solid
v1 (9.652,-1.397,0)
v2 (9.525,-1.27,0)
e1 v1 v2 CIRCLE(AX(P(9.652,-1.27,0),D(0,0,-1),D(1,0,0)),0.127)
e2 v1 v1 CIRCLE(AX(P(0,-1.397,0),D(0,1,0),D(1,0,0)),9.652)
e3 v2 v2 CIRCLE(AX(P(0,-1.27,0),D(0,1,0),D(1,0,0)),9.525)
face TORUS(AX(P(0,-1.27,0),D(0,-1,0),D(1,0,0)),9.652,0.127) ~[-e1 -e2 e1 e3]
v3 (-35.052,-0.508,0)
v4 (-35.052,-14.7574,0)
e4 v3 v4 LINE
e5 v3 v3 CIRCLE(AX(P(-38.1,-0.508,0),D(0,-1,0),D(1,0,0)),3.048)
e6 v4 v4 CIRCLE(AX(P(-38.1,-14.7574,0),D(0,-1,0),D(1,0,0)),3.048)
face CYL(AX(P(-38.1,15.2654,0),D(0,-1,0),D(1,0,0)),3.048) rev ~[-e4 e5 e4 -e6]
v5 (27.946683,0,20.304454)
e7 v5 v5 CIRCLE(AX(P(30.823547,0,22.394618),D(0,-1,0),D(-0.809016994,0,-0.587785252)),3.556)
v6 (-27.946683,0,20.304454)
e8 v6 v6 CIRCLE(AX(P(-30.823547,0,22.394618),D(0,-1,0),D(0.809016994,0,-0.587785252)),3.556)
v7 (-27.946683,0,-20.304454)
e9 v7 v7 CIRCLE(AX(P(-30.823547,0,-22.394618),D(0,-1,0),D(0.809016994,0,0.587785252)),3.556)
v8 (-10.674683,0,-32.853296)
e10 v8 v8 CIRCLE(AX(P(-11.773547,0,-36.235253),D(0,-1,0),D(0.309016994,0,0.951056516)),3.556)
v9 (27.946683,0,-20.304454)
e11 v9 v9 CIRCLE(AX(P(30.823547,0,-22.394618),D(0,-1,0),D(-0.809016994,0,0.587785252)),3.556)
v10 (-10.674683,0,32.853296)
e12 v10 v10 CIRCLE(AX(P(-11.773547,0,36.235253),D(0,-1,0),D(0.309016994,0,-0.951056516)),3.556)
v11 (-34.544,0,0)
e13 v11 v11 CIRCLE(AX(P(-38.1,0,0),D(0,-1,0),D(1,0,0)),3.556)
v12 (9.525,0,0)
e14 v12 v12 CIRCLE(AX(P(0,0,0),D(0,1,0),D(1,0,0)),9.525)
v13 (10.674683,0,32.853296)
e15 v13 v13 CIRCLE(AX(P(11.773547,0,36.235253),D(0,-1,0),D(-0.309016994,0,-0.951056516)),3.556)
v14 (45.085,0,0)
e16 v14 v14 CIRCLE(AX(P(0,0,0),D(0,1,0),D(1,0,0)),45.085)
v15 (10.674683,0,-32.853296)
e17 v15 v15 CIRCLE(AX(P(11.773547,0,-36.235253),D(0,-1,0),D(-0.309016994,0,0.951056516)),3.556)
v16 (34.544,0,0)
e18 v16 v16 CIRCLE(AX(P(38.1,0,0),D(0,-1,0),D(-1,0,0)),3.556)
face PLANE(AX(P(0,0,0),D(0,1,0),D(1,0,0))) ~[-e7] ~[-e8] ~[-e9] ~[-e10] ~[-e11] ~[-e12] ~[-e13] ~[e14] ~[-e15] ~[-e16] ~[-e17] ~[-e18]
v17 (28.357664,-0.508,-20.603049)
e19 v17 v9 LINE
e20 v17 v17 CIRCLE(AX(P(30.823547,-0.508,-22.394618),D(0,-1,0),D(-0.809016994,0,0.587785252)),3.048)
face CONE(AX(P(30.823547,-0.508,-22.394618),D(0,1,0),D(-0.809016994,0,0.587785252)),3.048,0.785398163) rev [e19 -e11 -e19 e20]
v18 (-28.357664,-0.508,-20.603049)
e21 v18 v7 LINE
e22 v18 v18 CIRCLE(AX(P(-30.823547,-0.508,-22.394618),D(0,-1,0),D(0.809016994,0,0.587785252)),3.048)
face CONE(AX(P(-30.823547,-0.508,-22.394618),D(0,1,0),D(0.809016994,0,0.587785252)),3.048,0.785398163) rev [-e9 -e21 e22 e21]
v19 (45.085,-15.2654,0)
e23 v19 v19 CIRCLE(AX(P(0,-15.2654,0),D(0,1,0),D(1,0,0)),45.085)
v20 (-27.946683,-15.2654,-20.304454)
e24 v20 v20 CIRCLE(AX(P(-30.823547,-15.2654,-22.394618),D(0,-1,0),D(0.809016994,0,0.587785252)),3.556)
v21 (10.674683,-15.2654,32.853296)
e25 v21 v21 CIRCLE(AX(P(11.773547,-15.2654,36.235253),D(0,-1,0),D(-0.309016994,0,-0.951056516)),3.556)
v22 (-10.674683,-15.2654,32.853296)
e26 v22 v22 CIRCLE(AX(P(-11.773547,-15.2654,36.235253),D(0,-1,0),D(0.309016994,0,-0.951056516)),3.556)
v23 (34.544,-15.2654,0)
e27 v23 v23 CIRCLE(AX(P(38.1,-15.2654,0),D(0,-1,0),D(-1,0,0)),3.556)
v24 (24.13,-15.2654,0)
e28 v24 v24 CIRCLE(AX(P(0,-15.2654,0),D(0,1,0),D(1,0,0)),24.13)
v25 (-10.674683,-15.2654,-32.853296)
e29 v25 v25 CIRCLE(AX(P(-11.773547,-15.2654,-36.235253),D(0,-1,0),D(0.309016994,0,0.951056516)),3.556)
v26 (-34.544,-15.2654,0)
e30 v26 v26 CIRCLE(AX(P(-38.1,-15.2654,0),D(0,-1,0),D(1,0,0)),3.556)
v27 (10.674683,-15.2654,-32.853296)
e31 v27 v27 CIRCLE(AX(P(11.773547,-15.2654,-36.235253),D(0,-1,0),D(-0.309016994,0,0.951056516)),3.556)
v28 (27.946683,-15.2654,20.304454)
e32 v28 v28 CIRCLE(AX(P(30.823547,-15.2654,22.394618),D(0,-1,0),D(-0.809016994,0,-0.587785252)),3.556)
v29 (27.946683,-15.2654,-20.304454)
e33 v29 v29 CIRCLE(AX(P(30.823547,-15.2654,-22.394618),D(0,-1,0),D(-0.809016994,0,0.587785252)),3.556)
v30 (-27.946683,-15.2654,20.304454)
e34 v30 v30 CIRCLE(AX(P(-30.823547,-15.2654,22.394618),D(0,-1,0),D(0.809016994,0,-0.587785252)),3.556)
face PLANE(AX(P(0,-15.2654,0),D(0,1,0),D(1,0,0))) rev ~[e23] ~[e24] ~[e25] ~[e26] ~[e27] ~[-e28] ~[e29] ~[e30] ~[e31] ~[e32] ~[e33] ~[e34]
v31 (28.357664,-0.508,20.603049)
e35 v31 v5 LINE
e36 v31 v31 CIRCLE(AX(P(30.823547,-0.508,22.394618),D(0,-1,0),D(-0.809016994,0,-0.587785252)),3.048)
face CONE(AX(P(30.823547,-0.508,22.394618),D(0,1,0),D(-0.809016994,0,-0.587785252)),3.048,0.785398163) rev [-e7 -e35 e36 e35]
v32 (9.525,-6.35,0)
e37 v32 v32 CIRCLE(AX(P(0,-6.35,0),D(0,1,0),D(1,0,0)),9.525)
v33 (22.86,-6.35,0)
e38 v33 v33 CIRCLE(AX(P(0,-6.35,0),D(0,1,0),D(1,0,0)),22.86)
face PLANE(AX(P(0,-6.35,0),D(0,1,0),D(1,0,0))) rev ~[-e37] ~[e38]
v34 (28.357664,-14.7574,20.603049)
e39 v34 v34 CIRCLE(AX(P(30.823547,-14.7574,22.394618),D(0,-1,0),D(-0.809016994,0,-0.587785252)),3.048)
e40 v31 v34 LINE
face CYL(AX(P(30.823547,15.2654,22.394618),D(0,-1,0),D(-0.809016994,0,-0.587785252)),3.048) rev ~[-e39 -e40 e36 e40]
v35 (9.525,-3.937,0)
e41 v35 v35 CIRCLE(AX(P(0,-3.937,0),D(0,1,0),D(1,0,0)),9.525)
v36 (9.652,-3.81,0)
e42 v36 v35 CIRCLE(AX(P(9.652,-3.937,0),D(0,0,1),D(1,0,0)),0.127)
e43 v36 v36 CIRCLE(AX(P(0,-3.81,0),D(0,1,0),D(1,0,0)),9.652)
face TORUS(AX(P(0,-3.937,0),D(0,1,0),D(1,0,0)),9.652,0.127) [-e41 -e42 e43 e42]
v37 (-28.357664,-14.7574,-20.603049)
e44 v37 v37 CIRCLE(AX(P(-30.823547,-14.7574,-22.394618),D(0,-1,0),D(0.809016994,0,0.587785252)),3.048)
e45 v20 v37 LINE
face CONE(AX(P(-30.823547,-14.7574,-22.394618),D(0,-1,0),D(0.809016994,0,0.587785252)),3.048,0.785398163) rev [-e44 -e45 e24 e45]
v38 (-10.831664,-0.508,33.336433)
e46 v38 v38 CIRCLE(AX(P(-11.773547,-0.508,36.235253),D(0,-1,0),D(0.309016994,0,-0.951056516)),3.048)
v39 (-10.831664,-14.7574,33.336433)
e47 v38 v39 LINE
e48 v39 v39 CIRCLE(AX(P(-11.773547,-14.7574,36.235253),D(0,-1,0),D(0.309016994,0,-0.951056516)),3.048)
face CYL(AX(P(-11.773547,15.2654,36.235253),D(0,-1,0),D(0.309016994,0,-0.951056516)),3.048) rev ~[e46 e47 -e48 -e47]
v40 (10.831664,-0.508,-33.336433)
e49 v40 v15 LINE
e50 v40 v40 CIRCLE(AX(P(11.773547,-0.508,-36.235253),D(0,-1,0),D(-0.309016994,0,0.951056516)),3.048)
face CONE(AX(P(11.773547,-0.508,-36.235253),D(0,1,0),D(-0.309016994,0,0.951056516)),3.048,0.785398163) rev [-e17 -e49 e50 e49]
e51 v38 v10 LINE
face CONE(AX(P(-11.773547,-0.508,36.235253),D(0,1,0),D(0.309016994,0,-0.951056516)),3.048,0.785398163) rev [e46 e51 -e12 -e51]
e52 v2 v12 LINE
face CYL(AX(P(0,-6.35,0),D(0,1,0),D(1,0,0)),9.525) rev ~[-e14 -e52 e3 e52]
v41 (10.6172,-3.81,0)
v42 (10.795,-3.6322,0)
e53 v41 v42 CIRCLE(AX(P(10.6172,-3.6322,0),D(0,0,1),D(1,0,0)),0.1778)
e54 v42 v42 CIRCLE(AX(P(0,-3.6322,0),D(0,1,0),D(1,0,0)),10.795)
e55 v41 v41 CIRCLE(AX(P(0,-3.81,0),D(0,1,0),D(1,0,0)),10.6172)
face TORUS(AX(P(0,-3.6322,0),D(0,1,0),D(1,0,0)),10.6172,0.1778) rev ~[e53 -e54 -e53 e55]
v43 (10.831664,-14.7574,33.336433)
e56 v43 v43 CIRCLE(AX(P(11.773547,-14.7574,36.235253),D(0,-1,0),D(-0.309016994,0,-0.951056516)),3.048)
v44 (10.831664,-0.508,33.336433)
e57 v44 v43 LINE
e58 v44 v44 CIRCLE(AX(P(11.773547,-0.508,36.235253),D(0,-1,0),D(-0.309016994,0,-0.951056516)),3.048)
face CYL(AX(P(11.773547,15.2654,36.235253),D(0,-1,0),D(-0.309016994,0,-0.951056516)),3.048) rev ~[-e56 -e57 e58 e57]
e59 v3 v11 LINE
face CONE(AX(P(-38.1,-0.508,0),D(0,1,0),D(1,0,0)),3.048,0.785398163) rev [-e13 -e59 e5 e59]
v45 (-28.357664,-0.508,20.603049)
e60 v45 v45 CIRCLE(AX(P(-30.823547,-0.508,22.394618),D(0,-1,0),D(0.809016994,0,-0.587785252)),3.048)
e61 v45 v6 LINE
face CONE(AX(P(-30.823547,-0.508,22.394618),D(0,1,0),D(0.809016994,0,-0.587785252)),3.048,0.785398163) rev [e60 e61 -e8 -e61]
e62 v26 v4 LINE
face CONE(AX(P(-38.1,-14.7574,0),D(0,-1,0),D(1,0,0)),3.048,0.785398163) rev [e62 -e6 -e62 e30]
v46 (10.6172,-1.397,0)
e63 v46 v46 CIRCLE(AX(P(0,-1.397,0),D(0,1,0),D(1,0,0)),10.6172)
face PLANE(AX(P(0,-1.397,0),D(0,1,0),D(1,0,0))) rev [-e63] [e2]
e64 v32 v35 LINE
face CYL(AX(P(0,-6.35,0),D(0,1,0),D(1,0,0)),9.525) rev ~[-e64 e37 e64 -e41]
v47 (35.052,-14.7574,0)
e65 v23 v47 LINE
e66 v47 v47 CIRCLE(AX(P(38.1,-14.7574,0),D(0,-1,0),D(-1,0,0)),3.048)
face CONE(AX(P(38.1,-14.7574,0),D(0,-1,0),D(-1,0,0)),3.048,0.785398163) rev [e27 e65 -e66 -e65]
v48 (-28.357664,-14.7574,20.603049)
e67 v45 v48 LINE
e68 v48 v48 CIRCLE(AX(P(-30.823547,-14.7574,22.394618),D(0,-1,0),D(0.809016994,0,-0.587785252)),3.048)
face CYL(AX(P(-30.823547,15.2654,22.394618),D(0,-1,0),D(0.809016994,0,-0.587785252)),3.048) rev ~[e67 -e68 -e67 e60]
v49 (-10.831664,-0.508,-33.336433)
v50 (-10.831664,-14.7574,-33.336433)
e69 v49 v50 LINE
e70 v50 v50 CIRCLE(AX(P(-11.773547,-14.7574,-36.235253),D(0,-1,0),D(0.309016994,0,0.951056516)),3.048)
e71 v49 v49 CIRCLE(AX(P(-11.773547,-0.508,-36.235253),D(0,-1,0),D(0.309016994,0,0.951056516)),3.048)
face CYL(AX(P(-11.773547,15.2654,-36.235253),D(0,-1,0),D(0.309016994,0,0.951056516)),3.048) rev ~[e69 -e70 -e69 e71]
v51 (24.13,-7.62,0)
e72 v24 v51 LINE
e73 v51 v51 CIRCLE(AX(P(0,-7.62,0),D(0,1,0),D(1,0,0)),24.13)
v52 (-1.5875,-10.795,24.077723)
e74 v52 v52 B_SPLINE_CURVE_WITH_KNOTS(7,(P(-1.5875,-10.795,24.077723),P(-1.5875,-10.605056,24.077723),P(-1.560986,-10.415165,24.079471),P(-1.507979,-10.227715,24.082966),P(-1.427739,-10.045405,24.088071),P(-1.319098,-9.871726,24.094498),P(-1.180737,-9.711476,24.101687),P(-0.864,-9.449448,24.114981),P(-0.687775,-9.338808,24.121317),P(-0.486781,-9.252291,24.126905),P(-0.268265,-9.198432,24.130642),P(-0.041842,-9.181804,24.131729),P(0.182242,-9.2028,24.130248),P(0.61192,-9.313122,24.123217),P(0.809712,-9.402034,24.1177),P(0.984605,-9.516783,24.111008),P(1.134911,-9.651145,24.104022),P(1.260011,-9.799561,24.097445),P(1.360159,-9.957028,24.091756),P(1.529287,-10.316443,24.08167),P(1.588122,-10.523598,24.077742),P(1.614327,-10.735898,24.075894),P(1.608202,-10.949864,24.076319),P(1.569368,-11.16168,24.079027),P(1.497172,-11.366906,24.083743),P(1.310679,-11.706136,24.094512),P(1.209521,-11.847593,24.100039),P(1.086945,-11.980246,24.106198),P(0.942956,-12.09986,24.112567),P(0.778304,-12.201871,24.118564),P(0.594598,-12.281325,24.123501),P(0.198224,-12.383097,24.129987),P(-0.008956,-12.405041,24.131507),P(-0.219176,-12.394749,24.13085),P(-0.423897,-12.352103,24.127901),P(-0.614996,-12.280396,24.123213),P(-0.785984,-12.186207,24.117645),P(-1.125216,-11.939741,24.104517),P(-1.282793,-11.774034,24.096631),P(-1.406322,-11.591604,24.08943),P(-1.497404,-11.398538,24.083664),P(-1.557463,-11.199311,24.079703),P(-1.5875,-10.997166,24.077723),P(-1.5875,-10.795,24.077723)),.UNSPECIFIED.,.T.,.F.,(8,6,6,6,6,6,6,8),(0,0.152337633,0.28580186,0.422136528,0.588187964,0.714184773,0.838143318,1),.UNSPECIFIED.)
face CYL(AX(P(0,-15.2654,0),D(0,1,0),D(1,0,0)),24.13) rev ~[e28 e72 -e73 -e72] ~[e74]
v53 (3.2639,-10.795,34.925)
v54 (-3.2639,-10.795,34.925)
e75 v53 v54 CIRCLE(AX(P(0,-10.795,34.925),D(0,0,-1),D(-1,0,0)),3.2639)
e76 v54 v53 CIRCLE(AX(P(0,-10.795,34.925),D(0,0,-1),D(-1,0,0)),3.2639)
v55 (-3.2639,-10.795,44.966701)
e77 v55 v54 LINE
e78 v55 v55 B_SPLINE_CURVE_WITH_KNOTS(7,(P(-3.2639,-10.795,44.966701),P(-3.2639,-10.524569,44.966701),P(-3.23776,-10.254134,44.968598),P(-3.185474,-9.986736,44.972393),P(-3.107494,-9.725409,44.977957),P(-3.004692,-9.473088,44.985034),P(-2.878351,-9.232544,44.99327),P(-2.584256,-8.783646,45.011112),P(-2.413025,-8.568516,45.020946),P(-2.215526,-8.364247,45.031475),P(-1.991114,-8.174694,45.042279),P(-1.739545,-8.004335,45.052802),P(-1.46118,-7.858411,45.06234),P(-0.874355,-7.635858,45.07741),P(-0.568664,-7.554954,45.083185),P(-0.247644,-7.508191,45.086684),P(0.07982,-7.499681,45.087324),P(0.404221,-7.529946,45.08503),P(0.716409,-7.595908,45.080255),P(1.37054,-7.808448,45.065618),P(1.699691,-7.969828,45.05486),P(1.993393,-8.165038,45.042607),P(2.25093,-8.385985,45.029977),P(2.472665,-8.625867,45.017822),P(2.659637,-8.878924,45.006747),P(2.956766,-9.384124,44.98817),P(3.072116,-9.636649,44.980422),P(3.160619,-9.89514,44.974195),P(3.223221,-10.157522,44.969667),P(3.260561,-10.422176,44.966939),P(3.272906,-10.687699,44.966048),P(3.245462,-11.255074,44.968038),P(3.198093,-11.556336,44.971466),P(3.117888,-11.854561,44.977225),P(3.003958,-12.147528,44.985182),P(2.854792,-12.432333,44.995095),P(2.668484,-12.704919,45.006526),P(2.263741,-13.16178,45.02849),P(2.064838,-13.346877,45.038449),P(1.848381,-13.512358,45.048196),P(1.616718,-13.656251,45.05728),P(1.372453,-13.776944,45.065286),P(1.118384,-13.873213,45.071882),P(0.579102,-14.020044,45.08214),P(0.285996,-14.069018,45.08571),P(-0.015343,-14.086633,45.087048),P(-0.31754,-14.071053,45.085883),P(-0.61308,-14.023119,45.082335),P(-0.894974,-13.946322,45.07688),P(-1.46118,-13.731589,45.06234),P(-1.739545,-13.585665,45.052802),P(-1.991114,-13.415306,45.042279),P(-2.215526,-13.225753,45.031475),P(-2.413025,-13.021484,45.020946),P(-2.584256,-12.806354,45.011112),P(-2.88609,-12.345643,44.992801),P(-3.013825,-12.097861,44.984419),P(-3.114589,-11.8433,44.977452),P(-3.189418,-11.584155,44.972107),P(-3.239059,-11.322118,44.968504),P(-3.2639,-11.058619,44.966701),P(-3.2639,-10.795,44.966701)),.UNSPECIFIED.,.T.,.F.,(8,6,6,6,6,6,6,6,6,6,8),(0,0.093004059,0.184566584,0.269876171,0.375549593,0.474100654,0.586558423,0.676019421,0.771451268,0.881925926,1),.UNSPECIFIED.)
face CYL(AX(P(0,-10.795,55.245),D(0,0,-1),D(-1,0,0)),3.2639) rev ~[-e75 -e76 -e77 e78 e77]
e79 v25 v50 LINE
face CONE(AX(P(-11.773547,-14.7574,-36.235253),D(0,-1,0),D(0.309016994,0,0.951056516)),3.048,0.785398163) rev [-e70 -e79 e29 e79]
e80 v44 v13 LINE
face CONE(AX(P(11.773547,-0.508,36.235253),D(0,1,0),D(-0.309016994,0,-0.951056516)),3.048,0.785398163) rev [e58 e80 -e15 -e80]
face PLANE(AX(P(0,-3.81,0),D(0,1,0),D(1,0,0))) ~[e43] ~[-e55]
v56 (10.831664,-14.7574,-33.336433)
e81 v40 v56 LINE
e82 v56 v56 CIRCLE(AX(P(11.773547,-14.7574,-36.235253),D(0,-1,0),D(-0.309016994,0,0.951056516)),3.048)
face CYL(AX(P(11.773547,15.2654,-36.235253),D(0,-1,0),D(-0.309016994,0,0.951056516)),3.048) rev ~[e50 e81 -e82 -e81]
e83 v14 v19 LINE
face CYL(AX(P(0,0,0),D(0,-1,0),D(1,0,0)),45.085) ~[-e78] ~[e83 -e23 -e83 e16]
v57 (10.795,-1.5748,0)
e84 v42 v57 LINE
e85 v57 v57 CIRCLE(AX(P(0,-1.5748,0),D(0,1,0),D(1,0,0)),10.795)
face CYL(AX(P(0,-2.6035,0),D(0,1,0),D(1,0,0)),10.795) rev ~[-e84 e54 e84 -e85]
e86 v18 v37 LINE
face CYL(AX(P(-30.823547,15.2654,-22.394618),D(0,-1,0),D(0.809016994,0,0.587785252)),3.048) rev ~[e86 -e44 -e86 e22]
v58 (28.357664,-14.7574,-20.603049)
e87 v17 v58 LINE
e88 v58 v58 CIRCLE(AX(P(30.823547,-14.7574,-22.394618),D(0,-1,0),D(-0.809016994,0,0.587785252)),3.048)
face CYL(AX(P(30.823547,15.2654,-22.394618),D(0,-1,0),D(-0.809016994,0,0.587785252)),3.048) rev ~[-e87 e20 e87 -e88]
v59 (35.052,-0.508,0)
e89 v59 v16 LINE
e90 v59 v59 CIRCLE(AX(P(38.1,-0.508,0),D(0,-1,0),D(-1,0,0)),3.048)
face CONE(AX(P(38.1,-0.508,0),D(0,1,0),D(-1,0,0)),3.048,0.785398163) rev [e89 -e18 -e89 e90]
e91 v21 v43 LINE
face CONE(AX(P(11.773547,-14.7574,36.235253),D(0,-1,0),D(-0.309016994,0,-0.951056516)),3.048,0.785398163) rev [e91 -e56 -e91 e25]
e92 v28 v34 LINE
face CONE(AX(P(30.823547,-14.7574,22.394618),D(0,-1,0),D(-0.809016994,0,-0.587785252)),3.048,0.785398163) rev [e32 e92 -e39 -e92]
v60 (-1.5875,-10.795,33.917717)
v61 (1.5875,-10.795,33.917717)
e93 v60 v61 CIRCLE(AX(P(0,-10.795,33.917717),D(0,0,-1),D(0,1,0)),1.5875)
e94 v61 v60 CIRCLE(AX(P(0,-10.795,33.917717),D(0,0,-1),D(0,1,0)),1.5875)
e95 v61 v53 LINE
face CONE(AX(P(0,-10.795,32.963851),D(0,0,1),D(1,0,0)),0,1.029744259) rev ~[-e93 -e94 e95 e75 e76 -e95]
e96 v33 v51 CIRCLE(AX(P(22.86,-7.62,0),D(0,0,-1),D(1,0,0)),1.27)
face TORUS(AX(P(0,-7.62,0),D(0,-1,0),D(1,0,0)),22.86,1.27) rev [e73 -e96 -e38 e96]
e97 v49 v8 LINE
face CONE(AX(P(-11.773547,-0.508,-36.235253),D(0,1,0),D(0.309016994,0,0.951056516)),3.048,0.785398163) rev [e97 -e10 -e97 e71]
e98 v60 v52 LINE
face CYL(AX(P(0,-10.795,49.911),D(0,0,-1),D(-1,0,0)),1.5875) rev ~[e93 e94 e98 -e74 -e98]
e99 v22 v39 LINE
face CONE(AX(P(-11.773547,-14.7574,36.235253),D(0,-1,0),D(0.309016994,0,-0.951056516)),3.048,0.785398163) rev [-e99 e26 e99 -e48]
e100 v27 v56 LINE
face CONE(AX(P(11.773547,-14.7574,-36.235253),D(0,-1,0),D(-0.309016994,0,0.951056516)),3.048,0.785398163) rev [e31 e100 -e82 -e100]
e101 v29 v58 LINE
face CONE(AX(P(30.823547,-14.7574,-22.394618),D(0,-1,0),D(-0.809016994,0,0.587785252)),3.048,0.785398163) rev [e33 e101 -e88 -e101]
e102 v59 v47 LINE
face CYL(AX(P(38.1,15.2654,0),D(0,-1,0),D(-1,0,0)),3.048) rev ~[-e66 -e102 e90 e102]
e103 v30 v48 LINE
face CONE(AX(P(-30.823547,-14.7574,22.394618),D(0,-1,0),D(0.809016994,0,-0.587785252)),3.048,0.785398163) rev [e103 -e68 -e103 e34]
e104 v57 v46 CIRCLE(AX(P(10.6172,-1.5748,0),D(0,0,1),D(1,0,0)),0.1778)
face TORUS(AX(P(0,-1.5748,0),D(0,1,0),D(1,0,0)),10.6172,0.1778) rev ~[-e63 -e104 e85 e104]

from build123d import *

# Parameters (mm, degrees)
HOLE1_D                          = 6.096
HOLE1_DEPTH                      = 15.2654
CIRPATTERN1_COUNT                = 10
FILLET1_R                        = 1.27
F_5_16_18_TAPPED_HOLE1_D         = 6.5278
F_5_16_18_TAPPED_HOLE1_DEPTH     = 10.16
F_5_16_18_TAPPED_HOLE1_TIP       = 1.961148974
F_1_8_0_125_DIAMETER_HOLE1_D     = 3.175
F_1_8_0_125_DIAMETER_HOLE1_DEPTH = 14.986
F_1_8_0_125_DIAMETER_HOLE1_TIP   = 0.953866233
SKETCH20_W                       = 1.27
SKETCH20_H                       = 2.413
FILLET2_R                        = 0.1778
FILLET3_R                        = 0.127
CHAMFER1_SIZE                    = 0.508


with BuildPart() as part:
    # Sketch1 → Revolve1 (revolve)
    with BuildSketch(Plane.XY):
        Polygon((9.525, 0), (45.085, 0), (45.085, -15.2654), (24.13, -15.2654), (24.13, -6.35), (9.525, -6.35), align=None)
    revolve(axis=Axis((0, 0, 0), (0, 1, 0)))

    # Hole1
    with Locations(Plane(origin=(0, 0, 0), x_dir=(1, 0, 0), z_dir=(0, 1, 0))):
        with Locations((38.1, 0)):
            hole1 = Hole(HOLE1_D / 2, depth=HOLE1_DEPTH)

    # CirPattern1: Hole1 ×10 about axis
    cirpattern1_axis = Axis((0, 0, 0), (0, 1, 0))
    for i in range(1, CIRPATTERN1_COUNT):
        add(hole1.rotate(cirpattern1_axis, i * 360 / CIRPATTERN1_COUNT), mode=Mode.SUBTRACT)

    # Fillet1
    fillet1_edges = [part.edges().sort_by_distance(p)[0] for p in [
        (-24.13, -6.35, 0),
    ]]
    fillet(fillet1_edges, radius=FILLET1_R)

    # 5/16-18 Tapped Hole1
    with Locations(Plane.XY.offset(45.085)):
        with Locations((0, -10.795)):
            Hole(F_5_16_18_TAPPED_HOLE1_D / 2, depth=F_5_16_18_TAPPED_HOLE1_DEPTH)
            with Locations((0, 0, -(F_5_16_18_TAPPED_HOLE1_DEPTH + F_5_16_18_TAPPED_HOLE1_TIP / 2))):  # 118° drill point
                Cone(0, F_5_16_18_TAPPED_HOLE1_D / 2, F_5_16_18_TAPPED_HOLE1_TIP, mode=Mode.SUBTRACT)

    # 1/8 (0.125) Diameter Hole1
    with Locations(Plane.XY.offset(34.925)):
        with Locations((0, -10.795)):
            Hole(F_1_8_0_125_DIAMETER_HOLE1_D / 2, depth=F_1_8_0_125_DIAMETER_HOLE1_DEPTH)
            with Locations((0, 0, -(F_1_8_0_125_DIAMETER_HOLE1_DEPTH + F_1_8_0_125_DIAMETER_HOLE1_TIP / 2))):  # 118° drill point
                Cone(0, F_1_8_0_125_DIAMETER_HOLE1_D / 2, F_1_8_0_125_DIAMETER_HOLE1_TIP, mode=Mode.SUBTRACT)

    # Sketch20 → Cut-Revolve1 (revolve, cut)
    with BuildSketch(Plane.XY):
        with Locations((10.16, -2.6035)):
            Rectangle(SKETCH20_W, SKETCH20_H)
    revolve(axis=Axis((0, 0, 0), (0, 1, 0)), mode=Mode.SUBTRACT)

    # Fillet2
    fillet2_edges = [part.edges().sort_by_distance(p)[0] for p in [
        (-10.795, -1.397, 0),
        (-10.795, -3.81, 0),
    ]]
    fillet(fillet2_edges, radius=FILLET2_R)

    # Fillet3
    fillet3_edges = [part.edges().sort_by_distance(p)[0] for p in [
        (-9.525, -1.397, 0),
        (-9.525, -3.81, 0),
    ]]
    fillet(fillet3_edges, radius=FILLET3_R)

    # Chamfer1
    chamfer1_edges = [part.edges().sort_by_distance(p)[0] for p in [
        (41.148, 0, 0),
        (41.148, -15.2654, 0),
        (33.289431285, 0, 24.186187561),
        (33.289431285, -15.2654, 24.186187561),
        (12.715431285, 0, 39.134073533),
        (12.715431285, -15.2654, 39.134073533),
        (-12.715431285, 0, 39.134073533),
        (-12.715431285, -15.2654, 39.134073533),
        (-33.289431285, 0, 24.186187561),
        (-33.289431285, -15.2654, 24.186187561),
        (-41.148, 0, 0),
        (-41.148, -15.2654, 0),
        (-33.289431285, 0, -24.186187561),
        (-33.289431285, -15.2654, -24.186187561),
        (-12.715431285, 0, -39.134073533),
        (-12.715431285, -15.2654, -39.134073533),
        (12.715431285, 0, -39.134073533),
        (12.715431285, -15.2654, -39.134073533),
        (33.289431285, 0, -24.186187561),
        (33.289431285, -15.2654, -24.186187561),
    ]]
    chamfer(chamfer1_edges, length=CHAMFER1_SIZE)


solid = part.part
